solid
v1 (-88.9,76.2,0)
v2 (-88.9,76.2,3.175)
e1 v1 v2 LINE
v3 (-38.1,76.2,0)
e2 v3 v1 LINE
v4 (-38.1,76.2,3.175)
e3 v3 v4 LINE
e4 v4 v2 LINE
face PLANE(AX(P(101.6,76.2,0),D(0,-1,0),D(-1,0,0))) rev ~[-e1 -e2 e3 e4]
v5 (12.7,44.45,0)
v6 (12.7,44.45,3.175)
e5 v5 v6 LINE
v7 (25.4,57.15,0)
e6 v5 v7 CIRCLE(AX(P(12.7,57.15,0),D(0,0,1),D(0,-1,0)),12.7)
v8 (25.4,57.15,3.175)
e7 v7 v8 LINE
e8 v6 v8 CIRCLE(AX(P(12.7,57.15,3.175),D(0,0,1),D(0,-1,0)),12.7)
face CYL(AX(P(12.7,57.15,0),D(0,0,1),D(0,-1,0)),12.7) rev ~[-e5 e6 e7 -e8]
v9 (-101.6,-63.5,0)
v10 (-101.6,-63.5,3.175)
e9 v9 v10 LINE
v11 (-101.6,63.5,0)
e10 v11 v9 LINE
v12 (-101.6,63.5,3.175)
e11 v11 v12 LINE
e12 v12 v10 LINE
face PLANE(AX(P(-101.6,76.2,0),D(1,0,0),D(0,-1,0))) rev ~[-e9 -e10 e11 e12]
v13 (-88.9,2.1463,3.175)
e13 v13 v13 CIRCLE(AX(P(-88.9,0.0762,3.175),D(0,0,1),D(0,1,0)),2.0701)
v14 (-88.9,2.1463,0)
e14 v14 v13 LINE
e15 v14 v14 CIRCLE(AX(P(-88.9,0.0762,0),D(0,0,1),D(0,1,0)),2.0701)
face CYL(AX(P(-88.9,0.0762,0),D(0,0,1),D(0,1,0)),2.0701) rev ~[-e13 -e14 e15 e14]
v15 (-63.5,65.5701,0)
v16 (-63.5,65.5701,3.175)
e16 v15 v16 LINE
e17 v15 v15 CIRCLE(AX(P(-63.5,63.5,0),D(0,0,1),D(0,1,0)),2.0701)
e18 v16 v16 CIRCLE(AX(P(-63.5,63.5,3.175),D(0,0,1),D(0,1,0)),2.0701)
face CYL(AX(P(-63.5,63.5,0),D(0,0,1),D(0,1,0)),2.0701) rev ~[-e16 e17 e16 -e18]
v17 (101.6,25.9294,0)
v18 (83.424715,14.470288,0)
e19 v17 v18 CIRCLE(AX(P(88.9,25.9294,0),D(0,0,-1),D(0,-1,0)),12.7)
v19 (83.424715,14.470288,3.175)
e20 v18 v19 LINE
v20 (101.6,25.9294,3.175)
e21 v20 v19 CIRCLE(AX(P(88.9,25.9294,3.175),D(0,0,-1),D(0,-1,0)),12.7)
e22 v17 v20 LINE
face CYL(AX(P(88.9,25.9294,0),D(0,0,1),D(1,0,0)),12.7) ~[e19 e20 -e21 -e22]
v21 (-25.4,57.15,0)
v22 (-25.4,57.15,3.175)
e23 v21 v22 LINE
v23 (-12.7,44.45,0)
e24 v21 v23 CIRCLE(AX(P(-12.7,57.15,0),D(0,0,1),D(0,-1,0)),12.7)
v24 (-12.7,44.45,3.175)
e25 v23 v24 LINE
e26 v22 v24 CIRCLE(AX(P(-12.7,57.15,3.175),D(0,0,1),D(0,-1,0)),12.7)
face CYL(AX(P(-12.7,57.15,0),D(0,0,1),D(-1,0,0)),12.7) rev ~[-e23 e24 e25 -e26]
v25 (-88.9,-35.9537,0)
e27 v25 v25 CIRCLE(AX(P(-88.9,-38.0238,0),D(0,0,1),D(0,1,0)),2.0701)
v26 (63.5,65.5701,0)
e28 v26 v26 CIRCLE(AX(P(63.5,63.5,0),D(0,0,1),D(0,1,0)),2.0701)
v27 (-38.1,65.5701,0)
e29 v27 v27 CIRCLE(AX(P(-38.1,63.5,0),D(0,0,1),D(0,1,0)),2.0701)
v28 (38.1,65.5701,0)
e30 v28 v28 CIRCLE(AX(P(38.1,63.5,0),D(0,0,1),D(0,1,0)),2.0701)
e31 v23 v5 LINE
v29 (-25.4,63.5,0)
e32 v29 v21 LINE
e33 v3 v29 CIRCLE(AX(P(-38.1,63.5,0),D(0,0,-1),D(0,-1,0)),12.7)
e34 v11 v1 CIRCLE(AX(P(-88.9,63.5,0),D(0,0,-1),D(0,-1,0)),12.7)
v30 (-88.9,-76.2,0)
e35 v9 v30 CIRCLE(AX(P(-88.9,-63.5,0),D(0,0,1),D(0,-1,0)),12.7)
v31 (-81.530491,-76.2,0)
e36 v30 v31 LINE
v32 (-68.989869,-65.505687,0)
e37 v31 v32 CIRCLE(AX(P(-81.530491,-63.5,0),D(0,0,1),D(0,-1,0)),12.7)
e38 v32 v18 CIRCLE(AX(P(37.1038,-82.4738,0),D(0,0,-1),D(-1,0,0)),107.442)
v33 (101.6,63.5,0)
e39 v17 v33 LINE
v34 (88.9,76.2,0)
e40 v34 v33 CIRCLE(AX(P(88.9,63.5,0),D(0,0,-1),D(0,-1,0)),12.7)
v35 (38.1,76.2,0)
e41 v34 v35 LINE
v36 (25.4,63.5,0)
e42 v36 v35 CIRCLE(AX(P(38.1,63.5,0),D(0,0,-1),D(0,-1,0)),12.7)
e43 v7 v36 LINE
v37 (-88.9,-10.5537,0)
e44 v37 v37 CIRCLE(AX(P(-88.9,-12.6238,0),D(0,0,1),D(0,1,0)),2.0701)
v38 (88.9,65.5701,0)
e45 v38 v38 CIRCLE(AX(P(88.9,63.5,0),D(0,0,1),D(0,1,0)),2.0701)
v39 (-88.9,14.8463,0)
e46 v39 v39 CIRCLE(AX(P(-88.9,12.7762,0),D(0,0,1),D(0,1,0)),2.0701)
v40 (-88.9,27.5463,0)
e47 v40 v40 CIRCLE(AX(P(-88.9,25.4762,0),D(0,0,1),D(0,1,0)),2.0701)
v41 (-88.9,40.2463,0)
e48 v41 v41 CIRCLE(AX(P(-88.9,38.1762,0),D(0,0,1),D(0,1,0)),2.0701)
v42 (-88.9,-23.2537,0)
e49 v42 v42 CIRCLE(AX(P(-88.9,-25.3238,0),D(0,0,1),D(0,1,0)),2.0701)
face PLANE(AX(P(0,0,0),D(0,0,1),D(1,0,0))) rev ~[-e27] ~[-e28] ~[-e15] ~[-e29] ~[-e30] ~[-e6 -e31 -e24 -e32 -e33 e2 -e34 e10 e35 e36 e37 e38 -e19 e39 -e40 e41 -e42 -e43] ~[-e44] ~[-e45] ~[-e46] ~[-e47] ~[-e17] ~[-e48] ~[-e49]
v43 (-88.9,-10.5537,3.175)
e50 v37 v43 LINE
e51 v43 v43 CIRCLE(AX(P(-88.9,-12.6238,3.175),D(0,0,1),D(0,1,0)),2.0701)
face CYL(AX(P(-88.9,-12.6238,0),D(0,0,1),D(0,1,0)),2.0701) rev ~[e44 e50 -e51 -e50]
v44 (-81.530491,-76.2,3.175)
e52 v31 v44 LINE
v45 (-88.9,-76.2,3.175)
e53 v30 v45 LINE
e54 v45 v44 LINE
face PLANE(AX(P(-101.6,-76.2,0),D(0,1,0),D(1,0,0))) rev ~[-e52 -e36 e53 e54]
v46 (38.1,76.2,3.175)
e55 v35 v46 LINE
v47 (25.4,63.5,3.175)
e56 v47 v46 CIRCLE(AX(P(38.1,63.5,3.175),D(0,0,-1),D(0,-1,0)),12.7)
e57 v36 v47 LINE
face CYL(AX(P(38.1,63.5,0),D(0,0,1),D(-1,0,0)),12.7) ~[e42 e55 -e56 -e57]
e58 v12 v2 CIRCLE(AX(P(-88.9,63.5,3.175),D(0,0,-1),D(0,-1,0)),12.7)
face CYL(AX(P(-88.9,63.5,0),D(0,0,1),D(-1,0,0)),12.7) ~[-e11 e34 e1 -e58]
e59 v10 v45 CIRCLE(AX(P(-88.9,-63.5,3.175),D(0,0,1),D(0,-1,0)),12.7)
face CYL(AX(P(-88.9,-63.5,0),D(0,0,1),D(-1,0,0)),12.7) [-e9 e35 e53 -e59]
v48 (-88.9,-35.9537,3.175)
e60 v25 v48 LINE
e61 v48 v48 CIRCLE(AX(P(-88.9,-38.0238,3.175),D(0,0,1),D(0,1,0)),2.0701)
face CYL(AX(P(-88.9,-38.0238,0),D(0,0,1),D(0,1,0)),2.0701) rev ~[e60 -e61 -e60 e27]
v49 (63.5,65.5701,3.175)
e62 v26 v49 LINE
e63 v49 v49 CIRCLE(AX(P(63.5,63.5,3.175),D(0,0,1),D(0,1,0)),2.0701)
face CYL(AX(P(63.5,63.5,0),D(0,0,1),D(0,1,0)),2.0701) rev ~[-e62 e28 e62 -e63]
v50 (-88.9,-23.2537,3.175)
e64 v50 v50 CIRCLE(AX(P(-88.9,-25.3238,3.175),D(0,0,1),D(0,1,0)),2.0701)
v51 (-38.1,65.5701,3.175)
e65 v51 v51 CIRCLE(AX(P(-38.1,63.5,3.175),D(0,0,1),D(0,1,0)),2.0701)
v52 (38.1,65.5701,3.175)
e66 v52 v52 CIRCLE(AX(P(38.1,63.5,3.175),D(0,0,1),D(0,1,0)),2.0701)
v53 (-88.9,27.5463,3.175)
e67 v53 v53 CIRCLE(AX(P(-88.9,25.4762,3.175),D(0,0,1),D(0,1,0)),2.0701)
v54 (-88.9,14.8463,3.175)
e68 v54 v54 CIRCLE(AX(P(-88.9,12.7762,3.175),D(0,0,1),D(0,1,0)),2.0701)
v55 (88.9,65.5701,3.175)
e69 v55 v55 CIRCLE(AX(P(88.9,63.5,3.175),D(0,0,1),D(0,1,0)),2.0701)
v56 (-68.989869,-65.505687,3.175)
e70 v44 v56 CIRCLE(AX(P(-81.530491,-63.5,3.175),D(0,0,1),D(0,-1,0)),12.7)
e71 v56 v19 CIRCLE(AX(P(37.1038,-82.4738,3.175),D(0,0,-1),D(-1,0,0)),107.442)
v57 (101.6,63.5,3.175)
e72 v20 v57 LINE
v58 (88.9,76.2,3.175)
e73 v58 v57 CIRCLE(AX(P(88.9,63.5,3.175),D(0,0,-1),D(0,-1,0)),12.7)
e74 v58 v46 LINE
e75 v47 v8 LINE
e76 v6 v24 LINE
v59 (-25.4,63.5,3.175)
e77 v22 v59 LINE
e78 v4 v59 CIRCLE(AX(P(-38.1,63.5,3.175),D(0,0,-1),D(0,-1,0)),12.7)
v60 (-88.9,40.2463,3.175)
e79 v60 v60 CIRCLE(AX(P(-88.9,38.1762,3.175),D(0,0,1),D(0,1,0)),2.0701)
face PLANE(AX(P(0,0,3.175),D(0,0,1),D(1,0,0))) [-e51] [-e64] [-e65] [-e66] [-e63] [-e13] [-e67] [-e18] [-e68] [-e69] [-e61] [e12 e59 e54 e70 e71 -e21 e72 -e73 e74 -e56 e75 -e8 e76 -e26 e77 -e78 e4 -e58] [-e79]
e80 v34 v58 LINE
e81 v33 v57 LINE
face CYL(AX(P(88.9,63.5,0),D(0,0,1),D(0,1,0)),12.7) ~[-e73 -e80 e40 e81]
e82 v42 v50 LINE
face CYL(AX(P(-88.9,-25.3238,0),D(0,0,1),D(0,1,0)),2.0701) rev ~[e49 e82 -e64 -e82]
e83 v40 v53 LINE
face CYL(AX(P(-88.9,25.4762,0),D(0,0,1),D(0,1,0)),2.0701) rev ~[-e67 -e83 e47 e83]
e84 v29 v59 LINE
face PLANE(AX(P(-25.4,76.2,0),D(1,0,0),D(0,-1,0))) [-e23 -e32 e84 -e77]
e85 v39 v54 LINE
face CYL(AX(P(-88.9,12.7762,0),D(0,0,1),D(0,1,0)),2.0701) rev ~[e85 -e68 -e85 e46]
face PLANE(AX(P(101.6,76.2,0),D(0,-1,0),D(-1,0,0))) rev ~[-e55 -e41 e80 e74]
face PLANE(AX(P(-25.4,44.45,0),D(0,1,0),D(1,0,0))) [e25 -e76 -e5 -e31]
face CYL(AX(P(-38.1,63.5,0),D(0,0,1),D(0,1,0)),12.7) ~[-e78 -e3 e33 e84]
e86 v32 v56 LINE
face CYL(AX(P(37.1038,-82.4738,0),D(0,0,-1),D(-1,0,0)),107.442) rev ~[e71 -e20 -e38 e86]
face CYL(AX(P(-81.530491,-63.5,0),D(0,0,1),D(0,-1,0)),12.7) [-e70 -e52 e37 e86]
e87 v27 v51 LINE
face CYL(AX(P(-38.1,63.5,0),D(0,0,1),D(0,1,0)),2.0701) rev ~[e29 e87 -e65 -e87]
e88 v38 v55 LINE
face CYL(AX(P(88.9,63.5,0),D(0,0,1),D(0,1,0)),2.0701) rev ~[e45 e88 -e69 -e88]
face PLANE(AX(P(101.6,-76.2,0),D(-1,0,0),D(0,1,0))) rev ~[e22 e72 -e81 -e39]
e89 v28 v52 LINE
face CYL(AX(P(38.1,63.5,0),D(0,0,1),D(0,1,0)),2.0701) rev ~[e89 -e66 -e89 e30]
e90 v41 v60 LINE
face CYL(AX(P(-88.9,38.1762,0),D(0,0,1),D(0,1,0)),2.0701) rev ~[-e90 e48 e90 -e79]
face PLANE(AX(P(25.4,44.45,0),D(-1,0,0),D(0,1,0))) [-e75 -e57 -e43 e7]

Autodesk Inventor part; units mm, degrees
ref_plane "YZ Plane" through (0, 0, 0) normal (1, 0, 0) x (0, 1, 0)
ref_plane "XZ Plane" through (0, 0, 0) normal (0, 1, 0) x (-1, 0, 0)
ref_plane "XY Plane" through (0, 0, 0) normal (0, 0, 1) x (1, 0, 0)
sketch "Sketch1" plane through (0, 0, 0) normal (0, 0, 1) x (1, 0, 0)
  line L0 (-101.6, -76.2) -> (101.6, -76.2)
  line L1 (101.6, -76.2) -> (101.6, 76.2)
  line L2 (101.6, 76.2) -> (-101.6, 76.2)
  line L3 (-101.6, 76.2) -> (-101.6, -76.2)
  line L4 (-101.6, -76.2) -> (101.6, 76.2) construction
  line L5 (101.6, -76.2) -> (-101.6, 76.2) construction
  point P0 (0, 0)
  dimension "d0" = 152.4
  dimension "d1" = 203.2
extrude "Extrusion1" add sketch "Sketch1" along normal blind 3.175
sketch "Sketch2" plane through (0, 0, 0) normal (0, 0, -1) x (-1, 0, 0)
  circle A0 centre (-37.1038, -82.4738) radius 101.092
  circle A1 centre (-37.1038, -82.4738) radius 107.442
  line L0 (-101.6, -76.2) -> (-101.6, 76.2) projected
  line L1 (-101.6, 3.4565) -> (-101.6, -76.2)
  line L2 (-101.6, -76.2) -> (70.1549, -76.2)
  line L3 (101.6, -76.2) -> (-101.6, -76.2) projected
  point P0 (0, 0)
  dimension "d4" = 214.884
extrude "Extrusion2" cut sketch "Sketch2" against normal blind 25.4 contours L2 L0 A0 | A0 L0 A1 L2 picked at (8.0579, -71.6086) picked at (67.4292, -71.4153)
fillet "Fillet1" radius 12.7 5 edges at (101.6, 76.2, 1.5875) (-101.6, 76.2, 1.5875) (-101.6, -76.2, 1.5875) (-70.1549, -76.2, 1.5875) (101.6, 3.4565, 1.5875)
sketch "Sketch3" plane through (0, 0, 0) normal (0, 0, -1) x (-1, 0, 0)
  line L0 (76.2027, 73.1012) -> (-660.4, 73.1012) projected
  line L1 (-660.4, 53.8988) -> (76.2027, 53.8988) projected
  circle A0 centre (-647.7, 63.5) radius 2.0701 projected
  circle A1 centre (-622.3, 63.5) radius 2.0701 projected
  circle A2 centre (-596.9, 63.5) radius 2.0701 projected
  circle A3 centre (-571.5, 63.5) radius 2.0701 projected
  circle A4 centre (-546.1, 63.5) radius 2.0701 projected
  circle A5 centre (-520.7, 63.5) radius 2.0701 projected
  circle A6 centre (-495.3, 63.5) radius 2.0701 projected
  circle A7 centre (-469.9, 63.5) radius 2.0701 projected
  circle A8 centre (-444.5, 63.5) radius 2.0701 projected
  circle A9 centre (-419.1, 63.5) radius 2.0701 projected
  circle A10 centre (-393.7, 63.5) radius 2.0701 projected
  circle A11 centre (-368.3, 63.5) radius 2.0701 projected
  circle A12 centre (-342.9, 63.5) radius 2.0701 projected
  circle A13 centre (-317.5, 63.5) radius 2.0701 projected
  circle A14 centre (-292.1, 63.5) radius 2.0701 projected
  circle A15 centre (-266.7, 63.5) radius 2.0701 projected
  circle A16 centre (-241.3, 63.5) radius 2.0701 projected
  circle A17 centre (-215.9, 63.5) radius 2.0701 projected
  circle A18 centre (-190.5, 63.5) radius 2.0701 projected
  circle A19 centre (-165.1, 63.5) radius 2.0701 projected
  circle A20 centre (-139.7, 63.5) radius 2.0701 projected
  circle A21 centre (-114.3, 63.5) radius 2.0701 projected
  circle A22 centre (-88.9, 63.5) radius 2.0701 projected
  circle A23 centre (-63.5, 63.5) radius 2.0701 projected
  circle A24 centre (-38.1, 63.5) radius 2.0701 projected
  circle A25 centre (-12.7, 63.5) radius 2.0701 projected
  circle A26 centre (12.7, 63.5) radius 2.0701 projected
  circle A27 centre (38.1, 63.5) radius 2.0701 projected
  circle A28 centre (63.5, 63.5) radius 2.0701 projected
  line L2 (97.2058, -44.2468) -> (78.359, -44.2468) projected
  line L3 (78.359, -44.2468) -> (76.2, -42.0878) projected
  line L4 (76.2, 16.8402) -> (76.2, -42.0878) projected
  line L5 (76.2, 16.8402) -> (78.359, 18.9992) projected
  line L6 (97.2058, 18.9992) -> (78.359, 18.9992) projected
  line L7 (97.2058, -44.2468) -> (97.2058, 18.9992) projected
  circle A29 centre (88.9, 12.7762) radius 2.0701 projected
  circle A30 centre (88.9, 0.0762) radius 2.0701 projected
  circle A31 centre (88.9, -12.6238) radius 2.0701 projected
  circle A32 centre (88.9, -25.3238) radius 2.0701 projected
  circle A33 centre (88.9, -38.0238) radius 2.0701 projected
  line L8 (76.2027, 73.1012) -> (76.2027, 53.8988) projected
  line L9 (-660.4, 53.8988) -> (-660.4, 73.1012) projected
  point P0 (0, 0)
  point P1 (88.9, 25.4762)
  point P2 (88.9, 38.1762)
  dimension "d17" = 12.7
hole "Hole1" at (88.9, 63.5, 0) at (63.5, 63.5, 0) at (38.1, 63.5, 0) at (12.7, 63.5, 0) at (-12.7, 63.5, 0) at (-38.1, 63.5, 0) at (-63.5, 63.5, 0) at (-88.9, 12.7762, 0) at (-88.9, 0.0762, 0) at (-88.9, -12.6238, 0) at (-88.9, -25.3238, 0) at (-88.9, -38.0238, 0) at (-88.9, 25.4762, 0) at (-88.9, 38.1762, 0) direction (0, 0, 1) diameter 4.1402 end through all
sketch "Sketch4" plane through (0, 0, 0) normal (0, 0, -1) x (-1, 0, 0)
  line L0 (-88.9, 76.2) -> (88.9, 76.2) projected
  line L1 (-25.4, 76.2) -> (25.4, 76.2)
  line L2 (25.4, 76.2) -> (25.4, 44.45)
  line L3 (25.4, 44.45) -> (-25.4, 44.45)
  line L4 (-25.4, 44.45) -> (-25.4, 76.2)
  line L5 (-101.6, 25.9294) -> (-101.6, 63.5) projected
  point P0 (0, 0)
  dimension "d23" = 31.75
  dimension "d24" = 50.8
  dimension "d25" = 76.2
extrude "Extrusion3" cut sketch "Sketch4" against normal through all
fillet "Fillet2" radius 12.7 4 edges at (25.4, 76.2, 1.5875) (25.4, 44.45, 1.5875) (-25.4, 44.45, 1.5875) (-25.4, 76.2, 1.5875)
properties part number "C13_TK_UpperFrameSupportWheel" material "Polycarbonate, Clear"
